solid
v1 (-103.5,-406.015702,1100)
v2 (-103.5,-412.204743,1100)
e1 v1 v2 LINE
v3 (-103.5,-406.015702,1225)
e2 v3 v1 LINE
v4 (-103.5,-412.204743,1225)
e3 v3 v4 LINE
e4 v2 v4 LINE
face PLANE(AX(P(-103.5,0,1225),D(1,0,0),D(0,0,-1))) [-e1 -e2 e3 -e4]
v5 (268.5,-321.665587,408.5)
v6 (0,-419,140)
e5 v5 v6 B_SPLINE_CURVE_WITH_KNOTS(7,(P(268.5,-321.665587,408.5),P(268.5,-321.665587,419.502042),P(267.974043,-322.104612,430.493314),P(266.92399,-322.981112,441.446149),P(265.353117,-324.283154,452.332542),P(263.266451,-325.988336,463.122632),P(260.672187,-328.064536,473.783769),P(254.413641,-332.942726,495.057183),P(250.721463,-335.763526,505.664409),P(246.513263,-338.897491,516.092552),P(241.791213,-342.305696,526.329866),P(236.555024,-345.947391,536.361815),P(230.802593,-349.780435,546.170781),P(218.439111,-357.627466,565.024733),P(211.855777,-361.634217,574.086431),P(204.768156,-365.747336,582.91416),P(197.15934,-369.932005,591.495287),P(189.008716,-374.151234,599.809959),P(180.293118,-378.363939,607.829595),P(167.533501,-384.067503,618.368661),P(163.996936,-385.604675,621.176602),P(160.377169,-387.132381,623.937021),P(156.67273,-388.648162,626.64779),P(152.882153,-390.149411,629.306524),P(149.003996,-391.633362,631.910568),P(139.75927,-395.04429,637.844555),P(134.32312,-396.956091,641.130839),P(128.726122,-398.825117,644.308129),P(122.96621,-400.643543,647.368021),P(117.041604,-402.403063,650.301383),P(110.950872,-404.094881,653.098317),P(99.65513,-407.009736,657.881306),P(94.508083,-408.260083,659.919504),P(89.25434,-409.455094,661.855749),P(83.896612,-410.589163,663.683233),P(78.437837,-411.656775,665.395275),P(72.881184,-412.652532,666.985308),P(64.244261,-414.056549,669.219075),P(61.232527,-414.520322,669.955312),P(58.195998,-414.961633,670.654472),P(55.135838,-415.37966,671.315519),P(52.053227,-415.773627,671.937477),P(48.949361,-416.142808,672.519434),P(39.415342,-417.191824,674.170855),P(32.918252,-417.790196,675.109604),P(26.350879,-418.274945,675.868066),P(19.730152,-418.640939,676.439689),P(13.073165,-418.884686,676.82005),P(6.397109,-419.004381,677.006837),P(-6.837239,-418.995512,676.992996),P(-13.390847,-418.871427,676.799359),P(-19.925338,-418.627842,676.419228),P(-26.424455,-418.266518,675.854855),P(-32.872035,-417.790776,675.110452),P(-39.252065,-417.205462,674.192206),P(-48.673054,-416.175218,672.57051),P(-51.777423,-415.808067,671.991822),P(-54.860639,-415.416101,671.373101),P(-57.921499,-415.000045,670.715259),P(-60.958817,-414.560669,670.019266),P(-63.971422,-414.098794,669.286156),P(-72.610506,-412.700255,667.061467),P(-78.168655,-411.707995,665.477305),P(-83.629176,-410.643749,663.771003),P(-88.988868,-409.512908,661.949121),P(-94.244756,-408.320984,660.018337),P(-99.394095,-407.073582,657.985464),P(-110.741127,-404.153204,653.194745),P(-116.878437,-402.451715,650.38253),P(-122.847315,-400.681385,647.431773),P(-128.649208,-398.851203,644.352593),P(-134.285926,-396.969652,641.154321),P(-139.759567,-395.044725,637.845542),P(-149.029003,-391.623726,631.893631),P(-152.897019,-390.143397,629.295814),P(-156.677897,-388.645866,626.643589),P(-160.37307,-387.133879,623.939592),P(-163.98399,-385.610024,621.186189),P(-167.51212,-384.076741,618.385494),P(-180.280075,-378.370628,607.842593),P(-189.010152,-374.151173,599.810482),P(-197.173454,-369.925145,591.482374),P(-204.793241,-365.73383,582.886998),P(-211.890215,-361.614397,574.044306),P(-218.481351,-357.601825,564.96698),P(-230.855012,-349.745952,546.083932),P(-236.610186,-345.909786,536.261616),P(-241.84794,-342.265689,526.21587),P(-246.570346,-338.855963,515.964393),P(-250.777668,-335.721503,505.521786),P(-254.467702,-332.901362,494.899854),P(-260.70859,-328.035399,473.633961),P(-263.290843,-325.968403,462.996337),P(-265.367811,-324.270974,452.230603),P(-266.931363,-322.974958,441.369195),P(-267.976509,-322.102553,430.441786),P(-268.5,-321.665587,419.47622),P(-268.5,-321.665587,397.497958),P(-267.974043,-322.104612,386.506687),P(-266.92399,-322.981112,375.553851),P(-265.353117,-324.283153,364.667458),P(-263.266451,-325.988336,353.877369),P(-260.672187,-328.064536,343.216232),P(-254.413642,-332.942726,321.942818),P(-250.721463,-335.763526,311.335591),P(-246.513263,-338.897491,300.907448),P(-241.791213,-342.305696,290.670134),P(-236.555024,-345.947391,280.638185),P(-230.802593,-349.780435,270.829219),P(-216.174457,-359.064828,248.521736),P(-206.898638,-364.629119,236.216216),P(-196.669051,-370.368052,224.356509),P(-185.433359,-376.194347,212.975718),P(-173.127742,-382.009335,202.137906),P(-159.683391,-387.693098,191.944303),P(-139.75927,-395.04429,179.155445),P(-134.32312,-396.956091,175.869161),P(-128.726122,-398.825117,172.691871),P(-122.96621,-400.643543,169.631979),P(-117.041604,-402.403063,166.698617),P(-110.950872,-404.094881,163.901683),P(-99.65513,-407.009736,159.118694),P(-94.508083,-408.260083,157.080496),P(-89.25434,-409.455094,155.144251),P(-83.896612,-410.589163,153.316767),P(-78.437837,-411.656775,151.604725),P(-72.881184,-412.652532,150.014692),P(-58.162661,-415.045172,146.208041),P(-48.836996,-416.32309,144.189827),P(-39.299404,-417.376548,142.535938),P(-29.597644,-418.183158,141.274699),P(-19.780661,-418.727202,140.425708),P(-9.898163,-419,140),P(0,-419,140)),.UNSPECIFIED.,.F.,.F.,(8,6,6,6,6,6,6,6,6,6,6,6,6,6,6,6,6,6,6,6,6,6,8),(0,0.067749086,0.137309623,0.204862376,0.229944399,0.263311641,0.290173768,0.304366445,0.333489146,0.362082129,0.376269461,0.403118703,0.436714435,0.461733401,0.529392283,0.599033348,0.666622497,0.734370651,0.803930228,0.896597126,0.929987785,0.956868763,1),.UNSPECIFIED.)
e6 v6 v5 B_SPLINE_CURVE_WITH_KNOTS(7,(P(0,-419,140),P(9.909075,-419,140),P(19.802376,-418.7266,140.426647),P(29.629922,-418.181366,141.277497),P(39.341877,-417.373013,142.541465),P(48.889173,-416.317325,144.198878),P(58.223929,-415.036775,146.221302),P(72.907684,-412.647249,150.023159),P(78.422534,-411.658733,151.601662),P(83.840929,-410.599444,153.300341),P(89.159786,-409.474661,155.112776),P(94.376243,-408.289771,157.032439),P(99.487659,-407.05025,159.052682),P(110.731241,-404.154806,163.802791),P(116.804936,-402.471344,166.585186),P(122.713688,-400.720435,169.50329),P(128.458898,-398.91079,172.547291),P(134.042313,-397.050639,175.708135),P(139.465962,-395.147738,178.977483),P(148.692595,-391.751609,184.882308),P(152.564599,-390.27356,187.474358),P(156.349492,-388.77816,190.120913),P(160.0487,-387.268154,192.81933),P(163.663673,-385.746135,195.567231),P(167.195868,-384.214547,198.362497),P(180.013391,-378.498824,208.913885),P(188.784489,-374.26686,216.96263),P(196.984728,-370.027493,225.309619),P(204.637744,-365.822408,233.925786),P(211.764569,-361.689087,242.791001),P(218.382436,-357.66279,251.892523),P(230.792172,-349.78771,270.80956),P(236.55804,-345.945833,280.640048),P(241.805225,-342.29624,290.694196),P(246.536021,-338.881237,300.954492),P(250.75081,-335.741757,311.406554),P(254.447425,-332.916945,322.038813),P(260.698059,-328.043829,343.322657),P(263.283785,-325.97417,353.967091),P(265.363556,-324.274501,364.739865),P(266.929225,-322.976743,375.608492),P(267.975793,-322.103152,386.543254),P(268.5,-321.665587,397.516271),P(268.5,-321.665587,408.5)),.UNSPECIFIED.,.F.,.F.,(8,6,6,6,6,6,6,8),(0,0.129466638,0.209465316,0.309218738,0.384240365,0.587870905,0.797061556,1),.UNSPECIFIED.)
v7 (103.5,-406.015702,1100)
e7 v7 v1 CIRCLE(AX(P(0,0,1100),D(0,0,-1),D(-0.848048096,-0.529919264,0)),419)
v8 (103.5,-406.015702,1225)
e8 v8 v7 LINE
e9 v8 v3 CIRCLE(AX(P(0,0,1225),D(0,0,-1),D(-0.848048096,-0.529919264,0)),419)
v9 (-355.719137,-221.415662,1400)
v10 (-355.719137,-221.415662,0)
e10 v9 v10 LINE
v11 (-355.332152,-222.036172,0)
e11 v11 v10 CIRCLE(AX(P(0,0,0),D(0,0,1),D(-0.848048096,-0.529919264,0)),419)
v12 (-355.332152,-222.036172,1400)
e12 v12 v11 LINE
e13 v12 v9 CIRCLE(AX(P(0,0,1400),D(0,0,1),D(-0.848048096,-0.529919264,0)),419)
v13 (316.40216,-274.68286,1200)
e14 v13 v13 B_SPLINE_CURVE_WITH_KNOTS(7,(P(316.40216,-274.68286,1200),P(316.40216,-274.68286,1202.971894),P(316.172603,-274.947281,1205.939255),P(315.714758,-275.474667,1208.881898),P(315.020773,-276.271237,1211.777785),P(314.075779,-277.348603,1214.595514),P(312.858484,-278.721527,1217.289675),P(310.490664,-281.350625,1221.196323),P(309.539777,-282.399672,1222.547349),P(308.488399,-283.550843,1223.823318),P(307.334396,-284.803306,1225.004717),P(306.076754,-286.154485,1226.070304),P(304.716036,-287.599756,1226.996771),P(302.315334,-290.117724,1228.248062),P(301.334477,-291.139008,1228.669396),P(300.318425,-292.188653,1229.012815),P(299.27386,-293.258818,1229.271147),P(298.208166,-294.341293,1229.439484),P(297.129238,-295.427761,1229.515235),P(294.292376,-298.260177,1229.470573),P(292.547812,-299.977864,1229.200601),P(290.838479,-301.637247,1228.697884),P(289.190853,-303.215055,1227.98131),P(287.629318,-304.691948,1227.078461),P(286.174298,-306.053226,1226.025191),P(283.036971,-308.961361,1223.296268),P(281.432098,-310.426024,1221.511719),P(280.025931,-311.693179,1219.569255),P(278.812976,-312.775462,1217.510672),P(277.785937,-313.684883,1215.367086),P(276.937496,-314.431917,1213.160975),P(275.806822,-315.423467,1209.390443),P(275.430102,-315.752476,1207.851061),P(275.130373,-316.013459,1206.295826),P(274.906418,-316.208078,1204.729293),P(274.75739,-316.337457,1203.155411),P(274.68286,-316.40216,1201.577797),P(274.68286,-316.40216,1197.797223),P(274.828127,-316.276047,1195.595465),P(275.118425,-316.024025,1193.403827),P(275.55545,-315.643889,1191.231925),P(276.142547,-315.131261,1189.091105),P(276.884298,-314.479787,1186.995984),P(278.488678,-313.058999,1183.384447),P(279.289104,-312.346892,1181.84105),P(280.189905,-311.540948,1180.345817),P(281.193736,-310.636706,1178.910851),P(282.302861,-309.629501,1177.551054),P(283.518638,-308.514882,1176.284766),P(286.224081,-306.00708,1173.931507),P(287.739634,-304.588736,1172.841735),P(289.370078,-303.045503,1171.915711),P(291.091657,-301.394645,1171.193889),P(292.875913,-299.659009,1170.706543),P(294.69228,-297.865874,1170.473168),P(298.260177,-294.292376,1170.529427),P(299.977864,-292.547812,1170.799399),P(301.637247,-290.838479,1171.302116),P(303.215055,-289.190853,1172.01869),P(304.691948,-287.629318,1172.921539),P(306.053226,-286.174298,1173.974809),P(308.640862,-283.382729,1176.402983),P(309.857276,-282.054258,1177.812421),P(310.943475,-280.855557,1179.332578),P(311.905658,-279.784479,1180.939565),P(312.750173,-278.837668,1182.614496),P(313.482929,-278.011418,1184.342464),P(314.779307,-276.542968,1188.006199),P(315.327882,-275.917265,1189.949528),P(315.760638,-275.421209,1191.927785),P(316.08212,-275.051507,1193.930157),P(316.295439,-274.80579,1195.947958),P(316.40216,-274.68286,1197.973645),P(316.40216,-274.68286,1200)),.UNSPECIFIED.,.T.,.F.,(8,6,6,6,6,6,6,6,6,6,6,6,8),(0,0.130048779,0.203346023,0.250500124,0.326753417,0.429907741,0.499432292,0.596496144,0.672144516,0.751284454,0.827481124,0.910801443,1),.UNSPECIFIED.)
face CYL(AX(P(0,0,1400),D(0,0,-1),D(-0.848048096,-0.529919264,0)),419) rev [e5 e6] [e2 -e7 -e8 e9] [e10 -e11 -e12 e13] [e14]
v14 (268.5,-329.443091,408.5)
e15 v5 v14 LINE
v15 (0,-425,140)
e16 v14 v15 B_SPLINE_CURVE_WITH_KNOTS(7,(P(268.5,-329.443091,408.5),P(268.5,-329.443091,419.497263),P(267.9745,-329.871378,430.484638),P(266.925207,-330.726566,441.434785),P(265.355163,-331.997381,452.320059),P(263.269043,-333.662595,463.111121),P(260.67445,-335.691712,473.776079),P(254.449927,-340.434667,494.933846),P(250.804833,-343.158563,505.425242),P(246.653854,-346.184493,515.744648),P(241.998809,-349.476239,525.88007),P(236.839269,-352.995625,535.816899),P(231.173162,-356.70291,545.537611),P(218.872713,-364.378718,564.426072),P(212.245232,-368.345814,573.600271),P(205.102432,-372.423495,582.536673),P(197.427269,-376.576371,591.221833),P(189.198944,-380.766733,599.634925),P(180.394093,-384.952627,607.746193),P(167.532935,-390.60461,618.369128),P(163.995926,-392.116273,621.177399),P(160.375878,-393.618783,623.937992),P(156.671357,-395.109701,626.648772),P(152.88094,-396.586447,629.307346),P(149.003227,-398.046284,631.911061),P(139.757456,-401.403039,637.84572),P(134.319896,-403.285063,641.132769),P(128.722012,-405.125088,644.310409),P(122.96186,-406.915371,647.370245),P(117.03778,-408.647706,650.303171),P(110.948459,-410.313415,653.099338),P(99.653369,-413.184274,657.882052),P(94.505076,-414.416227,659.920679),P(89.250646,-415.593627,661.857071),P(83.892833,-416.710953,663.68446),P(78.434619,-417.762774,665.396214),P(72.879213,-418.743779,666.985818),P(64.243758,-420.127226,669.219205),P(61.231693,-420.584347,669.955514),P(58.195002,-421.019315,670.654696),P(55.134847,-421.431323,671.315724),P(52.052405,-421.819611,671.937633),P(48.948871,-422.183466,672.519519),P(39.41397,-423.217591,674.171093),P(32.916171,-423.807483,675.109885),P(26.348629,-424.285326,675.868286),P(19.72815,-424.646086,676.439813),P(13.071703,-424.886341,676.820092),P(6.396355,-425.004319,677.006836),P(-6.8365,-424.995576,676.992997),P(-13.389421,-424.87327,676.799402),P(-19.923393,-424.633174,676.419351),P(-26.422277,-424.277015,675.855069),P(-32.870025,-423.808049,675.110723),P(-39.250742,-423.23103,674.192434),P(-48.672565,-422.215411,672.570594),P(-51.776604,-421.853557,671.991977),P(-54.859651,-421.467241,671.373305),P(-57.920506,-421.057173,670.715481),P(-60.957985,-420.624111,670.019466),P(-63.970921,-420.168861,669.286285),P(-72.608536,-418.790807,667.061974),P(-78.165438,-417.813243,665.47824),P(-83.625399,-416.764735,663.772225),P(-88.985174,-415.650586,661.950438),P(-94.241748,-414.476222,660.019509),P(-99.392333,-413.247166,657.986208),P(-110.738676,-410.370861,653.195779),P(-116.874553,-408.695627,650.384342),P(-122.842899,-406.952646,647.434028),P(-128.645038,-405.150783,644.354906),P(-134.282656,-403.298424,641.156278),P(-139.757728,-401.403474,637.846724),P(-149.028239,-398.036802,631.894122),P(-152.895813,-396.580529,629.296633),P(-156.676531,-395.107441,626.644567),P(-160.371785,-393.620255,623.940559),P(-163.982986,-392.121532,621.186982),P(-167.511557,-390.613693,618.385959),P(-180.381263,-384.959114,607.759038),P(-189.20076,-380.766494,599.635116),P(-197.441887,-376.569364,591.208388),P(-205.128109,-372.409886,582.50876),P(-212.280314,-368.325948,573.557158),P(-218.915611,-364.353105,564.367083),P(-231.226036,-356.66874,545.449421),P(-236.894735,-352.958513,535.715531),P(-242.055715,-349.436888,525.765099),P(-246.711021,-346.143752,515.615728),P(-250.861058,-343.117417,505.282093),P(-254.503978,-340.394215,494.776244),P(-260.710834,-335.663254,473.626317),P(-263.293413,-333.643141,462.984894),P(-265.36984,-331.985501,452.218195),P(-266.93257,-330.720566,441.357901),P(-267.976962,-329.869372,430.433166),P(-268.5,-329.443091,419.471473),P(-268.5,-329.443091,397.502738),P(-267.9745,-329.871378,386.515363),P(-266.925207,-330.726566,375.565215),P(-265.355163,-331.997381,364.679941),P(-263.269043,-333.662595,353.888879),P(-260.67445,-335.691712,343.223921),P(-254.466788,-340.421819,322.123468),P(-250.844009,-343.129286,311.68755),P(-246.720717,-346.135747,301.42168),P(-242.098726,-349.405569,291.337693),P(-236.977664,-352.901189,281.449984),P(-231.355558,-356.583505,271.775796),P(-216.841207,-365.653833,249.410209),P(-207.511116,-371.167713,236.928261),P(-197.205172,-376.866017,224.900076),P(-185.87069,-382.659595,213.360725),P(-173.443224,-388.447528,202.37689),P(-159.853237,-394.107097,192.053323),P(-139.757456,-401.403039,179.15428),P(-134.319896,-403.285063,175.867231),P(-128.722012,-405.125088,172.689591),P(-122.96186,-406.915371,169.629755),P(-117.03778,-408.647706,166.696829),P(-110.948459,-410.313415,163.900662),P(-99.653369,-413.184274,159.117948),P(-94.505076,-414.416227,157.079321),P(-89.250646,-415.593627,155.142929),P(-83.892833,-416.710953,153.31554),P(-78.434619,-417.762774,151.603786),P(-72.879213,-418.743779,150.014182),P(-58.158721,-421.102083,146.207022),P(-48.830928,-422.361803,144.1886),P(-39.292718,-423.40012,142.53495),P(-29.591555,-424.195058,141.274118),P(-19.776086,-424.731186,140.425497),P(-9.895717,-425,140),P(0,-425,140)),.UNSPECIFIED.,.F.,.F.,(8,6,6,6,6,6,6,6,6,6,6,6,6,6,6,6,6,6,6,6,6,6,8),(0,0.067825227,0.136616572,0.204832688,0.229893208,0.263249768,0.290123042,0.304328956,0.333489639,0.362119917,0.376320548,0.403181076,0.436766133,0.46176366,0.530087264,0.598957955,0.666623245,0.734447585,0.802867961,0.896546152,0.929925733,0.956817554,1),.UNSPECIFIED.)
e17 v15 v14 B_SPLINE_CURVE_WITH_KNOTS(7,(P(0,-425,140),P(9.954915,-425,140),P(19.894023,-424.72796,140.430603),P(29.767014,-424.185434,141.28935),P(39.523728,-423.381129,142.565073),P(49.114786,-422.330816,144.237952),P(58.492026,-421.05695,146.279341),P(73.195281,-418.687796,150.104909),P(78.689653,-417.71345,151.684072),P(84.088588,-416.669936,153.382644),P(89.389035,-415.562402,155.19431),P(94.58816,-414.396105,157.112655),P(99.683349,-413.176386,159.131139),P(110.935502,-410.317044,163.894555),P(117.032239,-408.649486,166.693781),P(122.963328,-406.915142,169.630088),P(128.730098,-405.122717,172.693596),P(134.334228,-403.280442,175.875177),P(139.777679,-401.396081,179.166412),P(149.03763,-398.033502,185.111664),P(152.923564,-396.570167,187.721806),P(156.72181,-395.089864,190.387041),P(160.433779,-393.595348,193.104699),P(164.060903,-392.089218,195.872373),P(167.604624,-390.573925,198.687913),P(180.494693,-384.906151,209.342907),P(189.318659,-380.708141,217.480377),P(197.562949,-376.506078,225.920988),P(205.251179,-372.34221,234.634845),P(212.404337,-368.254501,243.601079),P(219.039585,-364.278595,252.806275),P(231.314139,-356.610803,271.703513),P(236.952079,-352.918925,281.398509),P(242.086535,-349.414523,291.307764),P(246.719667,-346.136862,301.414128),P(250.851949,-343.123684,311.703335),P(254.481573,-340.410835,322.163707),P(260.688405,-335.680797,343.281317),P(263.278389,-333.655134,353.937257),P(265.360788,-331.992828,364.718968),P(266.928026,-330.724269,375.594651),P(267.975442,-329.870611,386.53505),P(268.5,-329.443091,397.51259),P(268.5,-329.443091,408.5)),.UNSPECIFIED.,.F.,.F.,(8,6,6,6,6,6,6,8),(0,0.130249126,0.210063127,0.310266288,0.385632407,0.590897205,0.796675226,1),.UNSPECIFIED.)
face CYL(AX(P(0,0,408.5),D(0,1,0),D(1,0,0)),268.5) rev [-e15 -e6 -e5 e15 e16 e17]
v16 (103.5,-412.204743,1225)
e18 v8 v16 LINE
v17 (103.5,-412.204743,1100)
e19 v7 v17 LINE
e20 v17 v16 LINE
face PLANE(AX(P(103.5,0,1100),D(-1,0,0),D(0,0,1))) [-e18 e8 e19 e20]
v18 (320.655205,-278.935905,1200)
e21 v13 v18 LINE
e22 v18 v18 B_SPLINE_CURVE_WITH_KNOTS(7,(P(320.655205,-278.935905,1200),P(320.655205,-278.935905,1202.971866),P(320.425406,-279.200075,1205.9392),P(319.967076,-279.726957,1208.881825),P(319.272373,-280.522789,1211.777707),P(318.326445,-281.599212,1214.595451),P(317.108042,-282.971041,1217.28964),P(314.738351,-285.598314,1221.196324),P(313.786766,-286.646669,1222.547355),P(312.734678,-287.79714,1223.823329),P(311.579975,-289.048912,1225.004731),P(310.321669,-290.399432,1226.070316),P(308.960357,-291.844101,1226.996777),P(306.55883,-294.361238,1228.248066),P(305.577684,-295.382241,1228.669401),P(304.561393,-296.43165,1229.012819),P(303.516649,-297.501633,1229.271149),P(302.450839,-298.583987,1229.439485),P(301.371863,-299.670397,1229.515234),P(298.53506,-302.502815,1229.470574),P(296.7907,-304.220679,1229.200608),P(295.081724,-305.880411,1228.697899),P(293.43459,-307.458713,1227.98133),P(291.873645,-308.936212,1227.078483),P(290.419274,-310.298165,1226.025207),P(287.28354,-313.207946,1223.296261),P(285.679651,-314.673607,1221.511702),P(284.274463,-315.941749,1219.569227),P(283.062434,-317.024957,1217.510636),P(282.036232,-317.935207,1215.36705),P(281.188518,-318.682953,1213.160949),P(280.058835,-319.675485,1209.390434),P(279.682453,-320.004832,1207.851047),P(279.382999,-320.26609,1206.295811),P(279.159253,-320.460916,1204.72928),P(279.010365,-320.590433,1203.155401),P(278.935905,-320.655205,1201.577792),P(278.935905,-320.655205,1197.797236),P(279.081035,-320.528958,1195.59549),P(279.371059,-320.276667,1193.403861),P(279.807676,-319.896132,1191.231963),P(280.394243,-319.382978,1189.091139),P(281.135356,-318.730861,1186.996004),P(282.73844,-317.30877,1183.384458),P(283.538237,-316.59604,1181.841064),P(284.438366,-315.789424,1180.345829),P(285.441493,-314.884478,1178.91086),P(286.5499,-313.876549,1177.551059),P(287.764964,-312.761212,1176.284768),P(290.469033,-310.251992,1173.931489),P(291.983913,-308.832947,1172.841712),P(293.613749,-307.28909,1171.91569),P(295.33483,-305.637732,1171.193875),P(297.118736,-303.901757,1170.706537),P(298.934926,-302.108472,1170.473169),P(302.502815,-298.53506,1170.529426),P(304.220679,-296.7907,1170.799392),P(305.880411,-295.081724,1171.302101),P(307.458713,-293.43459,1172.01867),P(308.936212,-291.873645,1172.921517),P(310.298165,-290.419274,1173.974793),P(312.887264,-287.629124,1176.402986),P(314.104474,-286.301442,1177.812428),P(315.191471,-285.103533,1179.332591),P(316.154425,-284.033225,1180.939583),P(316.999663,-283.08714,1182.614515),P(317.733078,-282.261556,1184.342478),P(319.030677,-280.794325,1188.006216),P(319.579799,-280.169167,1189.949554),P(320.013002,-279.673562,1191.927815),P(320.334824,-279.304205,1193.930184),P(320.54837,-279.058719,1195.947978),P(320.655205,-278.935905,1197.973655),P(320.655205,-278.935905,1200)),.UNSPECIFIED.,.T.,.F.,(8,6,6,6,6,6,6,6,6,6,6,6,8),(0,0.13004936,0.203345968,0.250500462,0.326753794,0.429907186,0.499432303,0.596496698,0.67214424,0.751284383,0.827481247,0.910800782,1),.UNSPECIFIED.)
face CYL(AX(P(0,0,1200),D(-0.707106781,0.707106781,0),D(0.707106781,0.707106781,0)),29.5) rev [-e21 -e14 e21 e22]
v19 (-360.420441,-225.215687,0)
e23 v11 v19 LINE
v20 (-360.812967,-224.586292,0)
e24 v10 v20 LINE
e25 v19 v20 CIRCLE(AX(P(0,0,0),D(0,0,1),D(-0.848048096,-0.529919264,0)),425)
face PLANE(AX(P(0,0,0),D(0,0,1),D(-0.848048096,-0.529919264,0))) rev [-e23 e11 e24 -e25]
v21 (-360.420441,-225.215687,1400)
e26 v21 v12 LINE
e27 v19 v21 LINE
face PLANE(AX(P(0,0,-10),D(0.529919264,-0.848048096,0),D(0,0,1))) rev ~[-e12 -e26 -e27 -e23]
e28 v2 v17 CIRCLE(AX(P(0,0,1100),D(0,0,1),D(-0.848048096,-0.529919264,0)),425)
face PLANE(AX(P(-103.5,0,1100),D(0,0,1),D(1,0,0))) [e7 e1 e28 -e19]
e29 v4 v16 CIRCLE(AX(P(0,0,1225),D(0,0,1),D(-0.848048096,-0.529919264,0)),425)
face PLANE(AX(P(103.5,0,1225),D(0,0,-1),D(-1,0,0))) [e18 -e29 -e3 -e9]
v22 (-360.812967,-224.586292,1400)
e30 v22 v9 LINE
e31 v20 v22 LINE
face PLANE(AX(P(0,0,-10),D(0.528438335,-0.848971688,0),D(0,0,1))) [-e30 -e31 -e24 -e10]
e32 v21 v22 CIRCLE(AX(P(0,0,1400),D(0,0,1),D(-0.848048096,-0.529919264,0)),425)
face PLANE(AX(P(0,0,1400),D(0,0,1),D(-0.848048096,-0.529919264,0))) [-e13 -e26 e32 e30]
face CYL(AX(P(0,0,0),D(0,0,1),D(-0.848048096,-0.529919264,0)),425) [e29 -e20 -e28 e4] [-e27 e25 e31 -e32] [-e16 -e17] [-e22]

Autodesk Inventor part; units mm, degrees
sketch "Sketch13" plane through (0, 0, 0) normal (0, 0, 1) x (1, 0, 0)
  circle A0 centre (0, 0) radius 425 construction
  line L0 (0, 0) -> (0, -425)
  line L1 (0, 0) -> (-360.4204, -225.2157)
  line L2 (0, 0) -> (300.5204, -300.5204)
  line L3 (0, 0) -> (0, -425)
  line L4 (0, 0) -> (0, -425)
  line L5 (0, 0) -> (-378.6778, -192.946)
  arc A1 (-360.4204, -225.2157) -> (0, -425) centre (0, 0) ccw
  dimension "d53" = 850
  dimension "d54" = 58
  dimension "d55" = 0
  dimension "d56" = 0
  dimension "d57" = 315
  dimension "d58" = 63
ref_plane "WeldJoint" through (0, 0, -10) normal (0.5299, -0.848, 0) x (0, 0, 1)
ref_plane "Outer" through (0, 0, -10) normal (0.454, -0.891, 0) x (0, 0, 1)
ref_plane "Clock_Feeder" through (0, 0, -10) normal (0.7071, 0.7071, 0) x (0, 0, 1)
ref_plane "Charging" through (0, 0, -10) normal (1, 0, 0) x (0, 0, 1)
ref_plane "Accsess" through (0, 0, -10) normal (1, 0, 0) x (0, 0, 1)
sketch "Sketch14" plane through (0, 0, -10) normal (0.5299, -0.848, 0) x (0, 0, 1)
  line L0 (1410, 419) -> (10, 419)
  line L1 (10, 419) -> (10, 425)
  line L2 (10, 425) -> (1410, 425)
  line L3 (1410, 425) -> (1410, 419)
  line L4 (10, 0) -> (825.0673, 0)
  point P0 (10, 422)
  dimension "d59" = 1400
  dimension "d60" = 6
  dimension "d61" = 850
revolve "Revolution2" add sketch "Sketch14" angle 359.9 about axis through (0, 0, 0) along (0, 0, 1)
sketch "Sketch AnglePlane_Feeder" plane through (0, 0, -10) normal (0.7071, 0.7071, 0) x (0, 0, 1)
  line L0 (10, -425) -> (10, 425) projected
  line L1 (10, 0) -> (1210, 0)
  line L2 (1210, 0) -> (1210, 425)
  line L3 (1210, 425) -> (10, 425)
  line L4 (10, 425) -> (10, 0)
  point P0 (10, -95.6042)
  point P1 (10, -96.3268)
  dimension "d63" = 850
  dimension "d64" = 90
  dimension "frd_hght" = 1200
ref_plane "AnglePlane_Feeder" through (0, 0, 1200) normal (0.7071, -0.7071, 0) x (0.7071, 0.7071, 0)
sketch "Sketch16" plane through (0, 0, 1200) normal (0.7071, -0.7071, 0) x (0.7071, 0.7071, 0)
  circle A0 centre (0, 0) radius 29.5
  point P0 (0, -1200)
  point P1 (0, 0)
  point P2 (0, 0)
  point P3 (0, 0)
  dimension "d66" = 59
extrude "Extrusion7" cut sketch "Sketch16" along normal through all
ref_plane "Work Plane16" through (0, 0, 0) normal (0, -1, 0) x (1, 0, 0)
sketch "Sketch17" plane through (0, 0, 0) normal (0, -1, 0) x (1, 0, 0)
  circle A0 centre (0, 408.5) radius 268.5
  line L0 (0, 140) -> (-495.5727, 140)
  point P0 (0, 0)
  dimension "d69" = 537
  dimension "d71" = 140
extrude "Extrusion8" cut sketch "Sketch17" along normal through all
sketch "Sketch19" plane through (0, 0, -10) normal (1, 0, 0) x (0, 0, 1)
  line L0 (10, 0) -> (1110, 0)
  line L1 (1110, 0) -> (1110, 425)
  line L2 (1110, 425) -> (10, 425)
  line L3 (10, 425) -> (10, 0)
  dimension "d74" = 1100
  dimension "d76" = 850
  dimension "d77" = 90
ref_plane "Work Plane18" through (0, 0, 1100) normal (0, -1, 0) x (1, 0, 0)
sketch "Sketch20" plane through (0, 0, 1100) normal (0, -1, 0) x (1, 0, 0)
  line L0 (-103.5, 0) -> (103.5, 0)
  line L1 (103.5, 0) -> (103.5, 125)
  line L2 (103.5, 125) -> (-103.5, 125)
  line L3 (-103.5, 125) -> (-103.5, 0)
  point P0 (0, -1100)
  point P1 (0, 0)
  point P2 (0, 0)
  point P3 (0, 0)
  point P4 (0, 0)
  dimension "d78" = 207
  dimension "d79" = 125
extrude "Extrusion9" cut sketch "Sketch20" along normal through all
equation "\"BendRadius\" = Thickness"
equation "\"BendReliefWidth\" = Thickness"
equation "\"BendReliefDepth\" = 0.5 * Thickness"
equation "\"CornerReliefSize\" = 4 * Thickness"
equation "\"MinimumRemnant\" = 2 * Thickness"
equation "\"TransitionRadius\" = BendRadius"
equation "\"JacobiRadiusSize\" = BendRadius"
equation "\"GapSize\" = Thickness"
equation "\"Feeder_horisont_angle\" = 0"
equation "\"Hatch_Accsess_diameter\" = 535"
equation "\"Clock_Accsess_angle\" = 0"
equation "\"Clock_Charging_agnle\" = 0"
equation "\"Clock_Feeder_angle\" = 315deg"
equation "\"Clock_Outer_angle\" = 63deg"
equation "\"Clock_WeldJoint_angle\" = 58deg"
equation "\"Thickness\" = 6"
properties part number "PNS 9110 main Shell D 940" material "Steel"
